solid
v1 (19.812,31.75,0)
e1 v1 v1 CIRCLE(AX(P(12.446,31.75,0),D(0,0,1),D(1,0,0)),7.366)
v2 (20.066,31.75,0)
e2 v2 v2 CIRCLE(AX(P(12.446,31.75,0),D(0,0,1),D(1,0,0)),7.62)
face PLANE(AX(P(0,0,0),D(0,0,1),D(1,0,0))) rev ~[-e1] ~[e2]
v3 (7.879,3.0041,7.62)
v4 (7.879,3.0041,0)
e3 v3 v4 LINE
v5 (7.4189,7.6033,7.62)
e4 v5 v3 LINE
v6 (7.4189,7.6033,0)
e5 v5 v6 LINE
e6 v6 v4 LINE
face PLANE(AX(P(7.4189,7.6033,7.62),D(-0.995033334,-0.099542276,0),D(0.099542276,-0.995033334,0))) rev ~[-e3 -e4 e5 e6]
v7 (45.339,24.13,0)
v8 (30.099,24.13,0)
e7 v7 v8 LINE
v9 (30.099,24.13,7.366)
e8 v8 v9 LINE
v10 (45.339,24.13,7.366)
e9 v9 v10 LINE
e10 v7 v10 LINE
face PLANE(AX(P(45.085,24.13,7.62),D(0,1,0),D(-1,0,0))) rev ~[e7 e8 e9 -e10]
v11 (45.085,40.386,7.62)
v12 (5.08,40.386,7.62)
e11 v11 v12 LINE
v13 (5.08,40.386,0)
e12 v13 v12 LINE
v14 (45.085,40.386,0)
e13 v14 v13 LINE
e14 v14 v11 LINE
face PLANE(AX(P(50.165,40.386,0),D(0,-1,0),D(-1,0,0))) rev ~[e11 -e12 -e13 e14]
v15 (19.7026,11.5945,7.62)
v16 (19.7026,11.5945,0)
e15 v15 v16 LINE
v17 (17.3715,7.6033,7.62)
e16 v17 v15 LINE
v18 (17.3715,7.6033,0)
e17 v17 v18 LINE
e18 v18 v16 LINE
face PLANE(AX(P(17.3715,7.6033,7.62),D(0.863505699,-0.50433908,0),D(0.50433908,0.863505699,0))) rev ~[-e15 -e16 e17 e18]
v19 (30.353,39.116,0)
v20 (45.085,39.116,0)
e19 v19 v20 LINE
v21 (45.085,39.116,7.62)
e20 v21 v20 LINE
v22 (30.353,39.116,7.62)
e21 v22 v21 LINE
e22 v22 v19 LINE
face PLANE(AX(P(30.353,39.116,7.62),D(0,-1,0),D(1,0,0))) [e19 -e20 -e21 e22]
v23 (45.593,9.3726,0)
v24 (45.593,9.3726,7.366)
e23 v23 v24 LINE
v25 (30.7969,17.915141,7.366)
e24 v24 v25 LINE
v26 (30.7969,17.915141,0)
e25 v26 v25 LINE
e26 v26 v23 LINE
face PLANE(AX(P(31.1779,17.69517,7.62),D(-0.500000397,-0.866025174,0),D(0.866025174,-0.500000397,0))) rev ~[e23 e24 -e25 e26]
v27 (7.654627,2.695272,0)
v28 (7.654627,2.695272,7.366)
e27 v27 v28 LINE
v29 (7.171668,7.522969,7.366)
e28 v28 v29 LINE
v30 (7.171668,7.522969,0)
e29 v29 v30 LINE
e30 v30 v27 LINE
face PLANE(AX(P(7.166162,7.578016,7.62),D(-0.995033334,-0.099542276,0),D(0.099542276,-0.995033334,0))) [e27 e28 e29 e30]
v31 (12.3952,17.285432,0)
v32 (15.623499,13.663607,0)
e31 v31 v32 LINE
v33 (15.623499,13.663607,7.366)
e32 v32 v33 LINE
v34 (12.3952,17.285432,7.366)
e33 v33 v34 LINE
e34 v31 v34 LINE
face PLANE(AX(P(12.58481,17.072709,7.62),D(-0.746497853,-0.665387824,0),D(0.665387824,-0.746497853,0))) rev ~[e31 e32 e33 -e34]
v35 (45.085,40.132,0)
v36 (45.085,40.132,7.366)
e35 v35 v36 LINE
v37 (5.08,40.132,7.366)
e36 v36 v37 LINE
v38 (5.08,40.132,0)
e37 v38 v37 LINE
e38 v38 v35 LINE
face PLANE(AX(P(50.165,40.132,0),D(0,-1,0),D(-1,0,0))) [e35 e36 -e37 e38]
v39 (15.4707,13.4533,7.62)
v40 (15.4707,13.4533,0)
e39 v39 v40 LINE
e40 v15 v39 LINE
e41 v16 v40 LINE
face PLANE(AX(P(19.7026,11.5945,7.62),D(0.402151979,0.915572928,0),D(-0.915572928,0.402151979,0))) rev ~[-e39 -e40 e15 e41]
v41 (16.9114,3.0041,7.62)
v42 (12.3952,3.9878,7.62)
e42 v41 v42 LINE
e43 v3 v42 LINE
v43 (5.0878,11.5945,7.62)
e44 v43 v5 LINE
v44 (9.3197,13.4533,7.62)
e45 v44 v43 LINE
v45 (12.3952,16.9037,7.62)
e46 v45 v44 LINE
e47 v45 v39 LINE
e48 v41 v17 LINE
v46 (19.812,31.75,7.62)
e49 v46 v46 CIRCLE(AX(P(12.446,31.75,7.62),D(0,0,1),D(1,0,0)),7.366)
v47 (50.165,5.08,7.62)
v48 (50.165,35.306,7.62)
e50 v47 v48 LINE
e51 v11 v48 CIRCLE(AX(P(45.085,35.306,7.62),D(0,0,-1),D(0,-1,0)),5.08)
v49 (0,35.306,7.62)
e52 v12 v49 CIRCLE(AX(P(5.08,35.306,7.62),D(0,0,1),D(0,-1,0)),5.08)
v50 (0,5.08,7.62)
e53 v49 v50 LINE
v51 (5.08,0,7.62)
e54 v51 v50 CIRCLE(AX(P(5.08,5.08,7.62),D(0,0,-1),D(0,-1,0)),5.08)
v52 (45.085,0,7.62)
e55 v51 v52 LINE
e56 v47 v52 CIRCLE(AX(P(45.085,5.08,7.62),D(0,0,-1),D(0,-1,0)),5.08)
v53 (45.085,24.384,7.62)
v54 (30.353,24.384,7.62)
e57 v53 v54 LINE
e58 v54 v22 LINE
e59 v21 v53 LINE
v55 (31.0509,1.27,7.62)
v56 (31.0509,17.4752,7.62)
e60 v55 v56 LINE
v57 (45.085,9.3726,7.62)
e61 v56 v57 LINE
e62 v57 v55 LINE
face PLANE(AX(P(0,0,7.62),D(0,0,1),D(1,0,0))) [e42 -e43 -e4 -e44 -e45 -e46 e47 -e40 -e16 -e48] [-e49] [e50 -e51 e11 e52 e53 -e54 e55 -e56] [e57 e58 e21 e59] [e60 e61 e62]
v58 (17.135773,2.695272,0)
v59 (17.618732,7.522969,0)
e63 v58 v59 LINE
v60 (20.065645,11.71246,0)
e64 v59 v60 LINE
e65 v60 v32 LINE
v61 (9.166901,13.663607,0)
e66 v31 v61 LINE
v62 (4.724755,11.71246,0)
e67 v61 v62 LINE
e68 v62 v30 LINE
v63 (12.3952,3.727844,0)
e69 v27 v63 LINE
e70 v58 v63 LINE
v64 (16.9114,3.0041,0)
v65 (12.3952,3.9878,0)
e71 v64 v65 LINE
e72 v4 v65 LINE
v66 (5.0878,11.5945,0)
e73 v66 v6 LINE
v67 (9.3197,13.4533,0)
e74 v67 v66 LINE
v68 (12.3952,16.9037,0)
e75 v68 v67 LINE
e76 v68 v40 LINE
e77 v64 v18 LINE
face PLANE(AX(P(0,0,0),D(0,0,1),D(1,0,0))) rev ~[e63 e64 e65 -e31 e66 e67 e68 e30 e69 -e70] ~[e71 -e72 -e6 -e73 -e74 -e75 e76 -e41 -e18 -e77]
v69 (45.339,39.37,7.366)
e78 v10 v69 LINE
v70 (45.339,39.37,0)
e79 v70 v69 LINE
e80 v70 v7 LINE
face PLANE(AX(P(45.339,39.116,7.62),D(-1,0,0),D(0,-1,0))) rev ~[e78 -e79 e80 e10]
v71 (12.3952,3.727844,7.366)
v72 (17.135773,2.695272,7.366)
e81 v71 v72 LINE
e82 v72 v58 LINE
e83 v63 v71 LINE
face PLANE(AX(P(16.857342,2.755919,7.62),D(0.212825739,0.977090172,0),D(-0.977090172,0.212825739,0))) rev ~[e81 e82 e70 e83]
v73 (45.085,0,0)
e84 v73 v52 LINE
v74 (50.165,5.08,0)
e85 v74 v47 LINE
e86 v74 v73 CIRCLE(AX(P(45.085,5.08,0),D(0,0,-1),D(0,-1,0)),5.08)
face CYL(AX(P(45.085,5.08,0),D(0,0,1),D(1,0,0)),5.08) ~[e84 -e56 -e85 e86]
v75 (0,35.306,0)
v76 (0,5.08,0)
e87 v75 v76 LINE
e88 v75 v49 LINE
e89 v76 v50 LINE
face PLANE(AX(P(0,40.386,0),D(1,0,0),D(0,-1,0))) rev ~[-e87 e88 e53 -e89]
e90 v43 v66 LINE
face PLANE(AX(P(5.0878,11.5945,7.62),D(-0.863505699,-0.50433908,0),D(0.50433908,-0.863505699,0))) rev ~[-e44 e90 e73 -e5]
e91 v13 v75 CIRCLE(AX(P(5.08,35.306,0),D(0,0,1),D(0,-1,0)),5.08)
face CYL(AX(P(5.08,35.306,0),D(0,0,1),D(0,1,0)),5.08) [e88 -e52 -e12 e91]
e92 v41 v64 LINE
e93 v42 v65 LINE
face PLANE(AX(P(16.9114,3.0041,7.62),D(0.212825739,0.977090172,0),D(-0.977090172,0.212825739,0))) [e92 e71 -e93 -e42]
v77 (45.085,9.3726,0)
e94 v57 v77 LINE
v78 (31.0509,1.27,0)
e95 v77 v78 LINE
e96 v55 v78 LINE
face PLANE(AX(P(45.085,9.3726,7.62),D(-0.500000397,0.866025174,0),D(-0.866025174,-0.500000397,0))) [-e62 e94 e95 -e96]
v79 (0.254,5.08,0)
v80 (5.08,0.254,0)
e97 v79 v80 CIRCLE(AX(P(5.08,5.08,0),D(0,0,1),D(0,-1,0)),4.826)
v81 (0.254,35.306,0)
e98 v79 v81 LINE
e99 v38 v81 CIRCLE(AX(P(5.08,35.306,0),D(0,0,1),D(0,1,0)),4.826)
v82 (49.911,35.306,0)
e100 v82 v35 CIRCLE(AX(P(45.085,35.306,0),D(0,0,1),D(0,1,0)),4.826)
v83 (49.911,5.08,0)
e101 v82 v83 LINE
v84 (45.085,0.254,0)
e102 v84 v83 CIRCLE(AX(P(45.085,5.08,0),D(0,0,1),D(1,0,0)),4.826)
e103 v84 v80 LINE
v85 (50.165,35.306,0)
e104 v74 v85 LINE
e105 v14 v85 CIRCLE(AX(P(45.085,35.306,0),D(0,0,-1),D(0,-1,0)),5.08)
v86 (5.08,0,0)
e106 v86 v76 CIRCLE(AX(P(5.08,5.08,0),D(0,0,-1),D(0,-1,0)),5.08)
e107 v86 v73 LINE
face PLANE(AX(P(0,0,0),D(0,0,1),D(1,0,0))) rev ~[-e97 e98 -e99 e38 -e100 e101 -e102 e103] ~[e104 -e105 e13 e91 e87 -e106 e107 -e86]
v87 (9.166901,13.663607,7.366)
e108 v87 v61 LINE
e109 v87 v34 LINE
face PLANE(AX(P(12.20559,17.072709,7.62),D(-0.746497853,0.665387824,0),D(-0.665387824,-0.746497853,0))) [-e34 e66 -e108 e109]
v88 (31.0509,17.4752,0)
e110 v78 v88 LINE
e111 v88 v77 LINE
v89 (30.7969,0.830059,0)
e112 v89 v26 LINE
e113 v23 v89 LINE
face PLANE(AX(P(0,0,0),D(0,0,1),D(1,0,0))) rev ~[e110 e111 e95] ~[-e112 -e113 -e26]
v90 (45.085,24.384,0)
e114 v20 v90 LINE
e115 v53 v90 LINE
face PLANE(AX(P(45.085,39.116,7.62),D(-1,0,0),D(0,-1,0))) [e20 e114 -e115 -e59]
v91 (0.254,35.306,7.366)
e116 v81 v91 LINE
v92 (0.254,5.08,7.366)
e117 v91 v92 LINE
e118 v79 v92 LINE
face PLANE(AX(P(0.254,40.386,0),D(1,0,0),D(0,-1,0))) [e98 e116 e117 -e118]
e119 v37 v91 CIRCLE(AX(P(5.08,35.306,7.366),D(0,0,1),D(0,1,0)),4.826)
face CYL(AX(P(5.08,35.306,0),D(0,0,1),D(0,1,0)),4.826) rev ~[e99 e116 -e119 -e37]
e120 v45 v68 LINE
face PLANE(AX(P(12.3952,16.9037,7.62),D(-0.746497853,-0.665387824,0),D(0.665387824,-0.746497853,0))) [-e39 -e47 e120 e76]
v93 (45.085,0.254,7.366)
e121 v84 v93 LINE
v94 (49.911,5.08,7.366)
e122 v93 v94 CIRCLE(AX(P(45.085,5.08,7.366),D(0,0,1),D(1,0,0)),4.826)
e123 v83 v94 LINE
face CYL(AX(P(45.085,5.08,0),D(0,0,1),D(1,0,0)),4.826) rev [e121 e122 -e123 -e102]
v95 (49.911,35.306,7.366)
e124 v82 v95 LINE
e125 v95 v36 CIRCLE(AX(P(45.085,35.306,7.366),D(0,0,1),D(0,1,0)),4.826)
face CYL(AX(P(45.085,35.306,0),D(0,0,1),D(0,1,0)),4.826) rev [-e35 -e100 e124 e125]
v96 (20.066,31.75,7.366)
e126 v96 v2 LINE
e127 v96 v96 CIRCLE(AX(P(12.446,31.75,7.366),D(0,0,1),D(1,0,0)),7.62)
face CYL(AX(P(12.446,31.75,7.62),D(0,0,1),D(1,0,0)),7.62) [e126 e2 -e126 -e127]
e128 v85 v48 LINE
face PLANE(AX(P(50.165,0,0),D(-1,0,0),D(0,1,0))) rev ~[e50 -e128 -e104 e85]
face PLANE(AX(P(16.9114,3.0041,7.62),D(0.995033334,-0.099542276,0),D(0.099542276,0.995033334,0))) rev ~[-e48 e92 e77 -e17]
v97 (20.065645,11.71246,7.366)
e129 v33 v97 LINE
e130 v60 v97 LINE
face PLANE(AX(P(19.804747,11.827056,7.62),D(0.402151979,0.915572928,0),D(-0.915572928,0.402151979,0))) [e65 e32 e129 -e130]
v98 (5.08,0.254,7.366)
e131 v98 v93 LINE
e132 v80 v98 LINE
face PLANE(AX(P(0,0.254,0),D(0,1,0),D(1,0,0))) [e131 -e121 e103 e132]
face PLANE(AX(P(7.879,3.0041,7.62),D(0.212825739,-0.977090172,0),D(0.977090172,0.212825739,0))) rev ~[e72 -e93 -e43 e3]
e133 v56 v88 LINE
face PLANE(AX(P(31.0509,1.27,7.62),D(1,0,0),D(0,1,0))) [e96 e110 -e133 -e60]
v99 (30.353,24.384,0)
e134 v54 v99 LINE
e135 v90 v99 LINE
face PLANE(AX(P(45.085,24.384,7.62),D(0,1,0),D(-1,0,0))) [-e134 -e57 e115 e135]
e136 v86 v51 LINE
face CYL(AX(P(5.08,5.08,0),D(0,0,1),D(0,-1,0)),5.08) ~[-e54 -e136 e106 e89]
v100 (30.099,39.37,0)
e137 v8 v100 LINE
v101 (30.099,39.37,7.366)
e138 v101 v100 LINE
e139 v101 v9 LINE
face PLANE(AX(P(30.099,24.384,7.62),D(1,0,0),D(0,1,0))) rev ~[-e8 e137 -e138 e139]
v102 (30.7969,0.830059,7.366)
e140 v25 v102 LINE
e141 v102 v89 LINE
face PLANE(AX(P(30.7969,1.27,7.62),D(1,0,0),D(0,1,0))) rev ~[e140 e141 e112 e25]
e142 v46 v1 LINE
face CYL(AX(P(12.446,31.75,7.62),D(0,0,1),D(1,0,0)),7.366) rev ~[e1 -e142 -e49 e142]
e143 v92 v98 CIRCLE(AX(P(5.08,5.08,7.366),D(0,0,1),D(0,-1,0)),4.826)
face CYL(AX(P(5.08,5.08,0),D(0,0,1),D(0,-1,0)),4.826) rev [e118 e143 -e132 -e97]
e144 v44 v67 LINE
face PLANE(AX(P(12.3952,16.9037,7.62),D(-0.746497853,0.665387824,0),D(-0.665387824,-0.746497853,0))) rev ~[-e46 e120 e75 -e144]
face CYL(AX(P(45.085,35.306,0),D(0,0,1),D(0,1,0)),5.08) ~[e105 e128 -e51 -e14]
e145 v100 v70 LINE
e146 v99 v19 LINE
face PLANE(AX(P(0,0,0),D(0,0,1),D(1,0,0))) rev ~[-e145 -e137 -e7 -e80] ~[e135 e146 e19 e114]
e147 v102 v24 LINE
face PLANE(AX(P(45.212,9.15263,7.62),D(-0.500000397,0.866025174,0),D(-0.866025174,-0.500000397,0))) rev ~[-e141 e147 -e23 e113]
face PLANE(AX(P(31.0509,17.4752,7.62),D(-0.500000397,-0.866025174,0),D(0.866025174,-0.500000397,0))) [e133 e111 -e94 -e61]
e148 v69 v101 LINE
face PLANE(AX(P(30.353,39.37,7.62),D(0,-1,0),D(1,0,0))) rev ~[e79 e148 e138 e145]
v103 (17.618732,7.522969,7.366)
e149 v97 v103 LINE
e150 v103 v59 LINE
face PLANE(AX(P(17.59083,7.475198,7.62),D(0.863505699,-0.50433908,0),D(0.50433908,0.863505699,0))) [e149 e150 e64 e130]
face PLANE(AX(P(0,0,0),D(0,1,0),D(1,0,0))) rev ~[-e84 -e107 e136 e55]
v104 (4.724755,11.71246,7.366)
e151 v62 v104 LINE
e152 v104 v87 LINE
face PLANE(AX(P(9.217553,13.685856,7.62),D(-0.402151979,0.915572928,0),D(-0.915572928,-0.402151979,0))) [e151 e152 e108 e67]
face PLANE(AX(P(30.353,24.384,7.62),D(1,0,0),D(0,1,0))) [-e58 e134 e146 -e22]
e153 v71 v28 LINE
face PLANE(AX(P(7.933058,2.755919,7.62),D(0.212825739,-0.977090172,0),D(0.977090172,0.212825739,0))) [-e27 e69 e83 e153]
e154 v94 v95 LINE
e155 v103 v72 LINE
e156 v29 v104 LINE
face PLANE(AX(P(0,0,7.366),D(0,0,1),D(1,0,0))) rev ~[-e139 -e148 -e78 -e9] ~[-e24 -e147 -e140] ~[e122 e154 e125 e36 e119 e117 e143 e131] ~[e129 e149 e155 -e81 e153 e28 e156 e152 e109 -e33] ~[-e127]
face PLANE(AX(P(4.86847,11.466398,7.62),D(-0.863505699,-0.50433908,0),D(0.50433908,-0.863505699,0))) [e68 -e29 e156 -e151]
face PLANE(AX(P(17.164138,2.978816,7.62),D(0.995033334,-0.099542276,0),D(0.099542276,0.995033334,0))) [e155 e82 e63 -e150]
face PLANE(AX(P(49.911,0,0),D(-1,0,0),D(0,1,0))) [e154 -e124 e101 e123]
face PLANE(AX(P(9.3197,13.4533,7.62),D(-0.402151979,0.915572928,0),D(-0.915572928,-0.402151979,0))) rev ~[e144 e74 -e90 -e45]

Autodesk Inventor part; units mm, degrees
ref_plane "YZ Plane" through (0, 0, 0) normal (1, 0, 0) x (0, 1, 0)
ref_plane "XZ Plane" through (0, 0, 0) normal (0, 1, 0) x (-1, 0, 0)
ref_plane "XY Plane" through (0, 0, 0) normal (0, 0, 1) x (1, 0, 0)
sketch "Sketch1" plane through (0, 0, 0) normal (0, 0, 1) x (1, 0, 0)
  line L0 (0, 0) -> (50.165, 0)
  line L1 (50.165, 0) -> (50.165, 40.386)
  line L2 (50.165, 40.386) -> (0, 40.386)
  line L3 (0, 40.386) -> (0, 0)
  dimension "d0" = 50.165
  dimension "d1" = 40.386
extrude "Extrusion1" add sketch "Sketch1" along normal blind 7.62
sketch "Sketch2" plane through (0, 0, 7.62) normal (0, 0, 1) x (1, 0, 0)
  circle A0 centre (12.446, 31.75) radius 7.366
  line L0 (0, 40.386) -> (0, 0) projected
  line L1 (50.165, 40.386) -> (0, 40.386) projected
  line L2 (30.353, 39.116) -> (45.085, 39.116)
  line L3 (45.085, 39.116) -> (45.085, 24.384)
  line L4 (45.085, 24.384) -> (30.353, 24.384)
  line L5 (30.353, 24.384) -> (30.353, 39.116)
  line L6 (50.165, 0) -> (50.165, 40.386) projected
  line L7 (31.0509, 1.27) -> (31.0509, 17.4752)
  line L8 (31.0509, 17.4752) -> (45.085, 9.3726)
  line L9 (45.085, 9.3726) -> (31.0509, 1.27)
  line L10 (0, 0) -> (50.165, 0) projected
  circle A1 centre (12.3952, 9.2202) radius 7.6835 construction
  line L11 (12.3952, 16.9037) -> (19.7026, 11.5945) construction
  line L12 (19.7026, 11.5945) -> (16.9114, 3.0041) construction
  line L13 (16.9114, 3.0041) -> (7.879, 3.0041) construction
  line L14 (7.879, 3.0041) -> (5.0878, 11.5945) construction
  line L15 (5.0878, 11.5945) -> (12.3952, 16.9037) construction
  circle A2 centre (12.3952, 9.2202) radius 5.2324 construction
  line L16 (12.3952, 16.9037) -> (9.3197, 13.4533)
  line L17 (9.3197, 13.4533) -> (5.0878, 11.5945)
  line L18 (5.0878, 11.5945) -> (7.4189, 7.6033)
  line L19 (7.4189, 7.6033) -> (7.879, 3.0041)
  line L20 (7.879, 3.0041) -> (12.3952, 3.9878)
  line L21 (16.9114, 3.0041) -> (12.3952, 3.9878)
  line L22 (16.9114, 3.0041) -> (17.3715, 7.6033)
  line L23 (17.3715, 7.6033) -> (19.7026, 11.5945)
  line L24 (12.3952, 16.9037) -> (15.4707, 13.4533)
  line L25 (19.7026, 11.5945) -> (15.4707, 13.4533)
  point P0 (35.7289, 9.3726)
  dimension "d4" = 14.732
  dimension "d5" = 12.446
  dimension "d6" = 8.636
  dimension "d7" = 14.732
  dimension "d8" = 5.08
  dimension "d9" = 1.27
  dimension "d10" = 14.732
  dimension "d11" = 16.2052
  dimension "d12" = 1.27
  dimension "d13" = 5.08
  dimension "d14" = 15.367
  dimension "d15" = 12.3952
  dimension "d16" = 9.2202
  dimension "d17" = 10.4648
extrude "Extrusion2" cut sketch "Sketch2" against normal blind 25.4 contours A0 | L2 L3 L4 L5 | L7 L8 L9 | L24 L25 L23 L22 L21 L20 L19 L18 L17 L16
fillet "Fillet1" radius 5.08 1 edges at (50.165, 40.386, 3.81)
fillet "Fillet2" radius 5.08 1 edges at (0, 40.386, 3.81)
fillet "Fillet3" radius 5.08 1 edges at (50.165, 0, 3.81)
fillet "Fillet4" radius 5.08 1 edges at (0, 0, 3.81)
shell "Shell1" thickness 0.254 removed faces 1 at (40.407, 17.0773, 0)
properties part number "PassengerBaseNT"
